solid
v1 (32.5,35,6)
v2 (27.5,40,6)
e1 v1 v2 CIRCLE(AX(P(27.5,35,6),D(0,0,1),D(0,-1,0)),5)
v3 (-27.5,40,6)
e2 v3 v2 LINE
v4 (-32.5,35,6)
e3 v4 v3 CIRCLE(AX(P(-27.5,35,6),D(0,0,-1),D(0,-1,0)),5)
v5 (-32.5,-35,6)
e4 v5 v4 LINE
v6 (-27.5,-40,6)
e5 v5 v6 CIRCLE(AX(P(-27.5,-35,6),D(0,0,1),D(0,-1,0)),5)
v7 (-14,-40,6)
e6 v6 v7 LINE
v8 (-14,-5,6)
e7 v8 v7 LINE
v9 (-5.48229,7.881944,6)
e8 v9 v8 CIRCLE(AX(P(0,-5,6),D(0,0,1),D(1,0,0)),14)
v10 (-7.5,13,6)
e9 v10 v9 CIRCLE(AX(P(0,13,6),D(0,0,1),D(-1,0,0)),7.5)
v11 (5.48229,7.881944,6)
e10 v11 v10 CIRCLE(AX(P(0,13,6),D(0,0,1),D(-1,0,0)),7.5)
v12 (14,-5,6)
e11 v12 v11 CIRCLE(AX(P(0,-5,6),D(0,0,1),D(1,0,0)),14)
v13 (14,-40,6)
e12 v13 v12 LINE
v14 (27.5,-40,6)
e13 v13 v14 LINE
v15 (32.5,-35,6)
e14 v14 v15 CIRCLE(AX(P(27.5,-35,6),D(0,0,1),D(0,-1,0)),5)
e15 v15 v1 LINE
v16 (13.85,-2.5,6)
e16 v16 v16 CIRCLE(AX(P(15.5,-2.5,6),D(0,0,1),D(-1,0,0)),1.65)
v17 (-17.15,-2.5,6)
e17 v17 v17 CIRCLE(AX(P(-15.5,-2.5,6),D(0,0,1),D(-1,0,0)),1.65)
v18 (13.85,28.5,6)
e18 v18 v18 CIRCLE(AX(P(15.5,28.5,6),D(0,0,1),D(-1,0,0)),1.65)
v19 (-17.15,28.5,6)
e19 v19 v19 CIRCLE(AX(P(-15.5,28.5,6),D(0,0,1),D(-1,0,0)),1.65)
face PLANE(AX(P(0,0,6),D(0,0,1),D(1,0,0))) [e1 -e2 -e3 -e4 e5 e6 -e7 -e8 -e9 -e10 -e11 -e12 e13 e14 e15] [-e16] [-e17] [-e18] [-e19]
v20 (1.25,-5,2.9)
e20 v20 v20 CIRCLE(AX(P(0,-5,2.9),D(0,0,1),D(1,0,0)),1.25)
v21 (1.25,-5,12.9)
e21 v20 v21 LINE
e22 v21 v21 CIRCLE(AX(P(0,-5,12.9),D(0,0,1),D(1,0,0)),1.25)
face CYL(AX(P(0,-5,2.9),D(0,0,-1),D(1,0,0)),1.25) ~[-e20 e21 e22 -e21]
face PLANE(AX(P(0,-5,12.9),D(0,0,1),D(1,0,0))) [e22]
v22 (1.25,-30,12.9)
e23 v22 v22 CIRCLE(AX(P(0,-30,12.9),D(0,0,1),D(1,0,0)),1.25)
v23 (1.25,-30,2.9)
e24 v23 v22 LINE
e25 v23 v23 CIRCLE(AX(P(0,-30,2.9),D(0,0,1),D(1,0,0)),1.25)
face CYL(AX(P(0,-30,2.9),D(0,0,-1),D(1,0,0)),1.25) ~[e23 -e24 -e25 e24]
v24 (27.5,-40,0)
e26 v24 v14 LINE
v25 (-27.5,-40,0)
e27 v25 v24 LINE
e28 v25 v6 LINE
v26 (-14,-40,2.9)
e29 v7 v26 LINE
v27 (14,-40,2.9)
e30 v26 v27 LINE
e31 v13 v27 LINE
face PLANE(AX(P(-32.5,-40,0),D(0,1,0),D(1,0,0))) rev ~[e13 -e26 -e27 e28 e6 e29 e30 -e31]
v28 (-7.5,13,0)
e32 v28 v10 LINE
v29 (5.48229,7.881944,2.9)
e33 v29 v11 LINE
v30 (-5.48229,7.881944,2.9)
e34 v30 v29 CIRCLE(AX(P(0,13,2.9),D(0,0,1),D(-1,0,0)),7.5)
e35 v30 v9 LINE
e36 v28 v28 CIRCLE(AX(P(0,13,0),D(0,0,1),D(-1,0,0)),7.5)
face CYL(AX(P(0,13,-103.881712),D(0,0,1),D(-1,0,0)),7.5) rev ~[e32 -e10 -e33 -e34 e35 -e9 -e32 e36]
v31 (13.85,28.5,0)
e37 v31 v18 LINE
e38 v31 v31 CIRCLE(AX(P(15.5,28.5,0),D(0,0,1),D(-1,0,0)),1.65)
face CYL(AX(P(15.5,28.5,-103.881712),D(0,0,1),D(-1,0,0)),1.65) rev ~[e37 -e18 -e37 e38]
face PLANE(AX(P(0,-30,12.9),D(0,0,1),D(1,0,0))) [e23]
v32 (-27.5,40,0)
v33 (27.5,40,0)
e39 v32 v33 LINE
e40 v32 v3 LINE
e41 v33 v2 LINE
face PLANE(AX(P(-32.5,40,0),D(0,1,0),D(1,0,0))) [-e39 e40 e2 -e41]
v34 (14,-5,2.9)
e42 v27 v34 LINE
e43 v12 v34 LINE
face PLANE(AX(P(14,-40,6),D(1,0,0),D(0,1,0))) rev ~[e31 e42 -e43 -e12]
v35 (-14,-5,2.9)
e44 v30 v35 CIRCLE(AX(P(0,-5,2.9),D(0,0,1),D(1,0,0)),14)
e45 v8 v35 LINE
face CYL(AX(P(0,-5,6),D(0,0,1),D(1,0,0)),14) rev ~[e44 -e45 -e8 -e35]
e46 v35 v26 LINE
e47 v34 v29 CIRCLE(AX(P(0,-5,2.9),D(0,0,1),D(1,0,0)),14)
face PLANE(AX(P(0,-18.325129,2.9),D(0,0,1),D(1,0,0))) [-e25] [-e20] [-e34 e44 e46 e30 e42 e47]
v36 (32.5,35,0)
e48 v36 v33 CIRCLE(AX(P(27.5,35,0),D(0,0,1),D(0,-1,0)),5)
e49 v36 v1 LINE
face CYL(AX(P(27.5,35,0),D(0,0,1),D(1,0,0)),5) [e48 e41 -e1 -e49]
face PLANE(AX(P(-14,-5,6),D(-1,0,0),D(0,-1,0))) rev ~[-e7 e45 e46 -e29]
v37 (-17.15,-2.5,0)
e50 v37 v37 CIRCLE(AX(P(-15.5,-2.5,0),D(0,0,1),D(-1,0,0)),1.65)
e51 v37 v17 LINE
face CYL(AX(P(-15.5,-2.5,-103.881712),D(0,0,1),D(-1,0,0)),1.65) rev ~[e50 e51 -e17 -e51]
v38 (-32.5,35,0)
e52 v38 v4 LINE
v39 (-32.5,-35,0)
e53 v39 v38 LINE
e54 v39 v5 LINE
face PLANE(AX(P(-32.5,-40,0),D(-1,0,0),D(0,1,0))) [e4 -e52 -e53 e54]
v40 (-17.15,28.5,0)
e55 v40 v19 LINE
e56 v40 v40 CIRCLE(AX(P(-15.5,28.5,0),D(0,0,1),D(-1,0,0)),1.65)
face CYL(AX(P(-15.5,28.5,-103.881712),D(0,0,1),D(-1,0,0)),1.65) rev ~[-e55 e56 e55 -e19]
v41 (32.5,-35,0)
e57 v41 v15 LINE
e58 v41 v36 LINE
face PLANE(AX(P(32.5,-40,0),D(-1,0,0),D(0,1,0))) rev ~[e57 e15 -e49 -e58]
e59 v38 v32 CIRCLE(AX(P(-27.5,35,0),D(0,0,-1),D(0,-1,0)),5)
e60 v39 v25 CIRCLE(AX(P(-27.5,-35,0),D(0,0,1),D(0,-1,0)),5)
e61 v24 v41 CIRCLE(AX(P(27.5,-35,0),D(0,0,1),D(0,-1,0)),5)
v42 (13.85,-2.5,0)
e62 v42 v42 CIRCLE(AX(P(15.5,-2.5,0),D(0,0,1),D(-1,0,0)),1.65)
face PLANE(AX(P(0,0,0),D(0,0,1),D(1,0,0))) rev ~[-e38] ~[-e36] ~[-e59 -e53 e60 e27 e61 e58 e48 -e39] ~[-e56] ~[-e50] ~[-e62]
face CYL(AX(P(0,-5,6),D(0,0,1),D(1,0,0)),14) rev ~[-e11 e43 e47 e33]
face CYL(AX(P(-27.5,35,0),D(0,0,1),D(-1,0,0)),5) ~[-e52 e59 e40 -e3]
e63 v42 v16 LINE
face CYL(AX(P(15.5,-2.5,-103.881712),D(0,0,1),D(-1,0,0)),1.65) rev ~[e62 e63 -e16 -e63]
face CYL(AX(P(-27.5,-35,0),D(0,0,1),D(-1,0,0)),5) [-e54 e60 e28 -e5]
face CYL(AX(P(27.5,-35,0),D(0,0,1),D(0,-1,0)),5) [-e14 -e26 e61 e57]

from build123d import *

# Parameters (mm, degrees)
F0_W     = 65
F0_H     = 80
F1_DEPTH = 6
F2_R     = 5
F4_DEPTH = 3.1
F5_R     = 1.25
F6_DEPTH = 10
F8_D     = 15
F9_D     = 3.3


with BuildPart() as f1:
    # F0 (on Top) → F1 (new body)
    with BuildSketch(Plane.XY):
        Rectangle(F0_W, F0_H)
    extrude(amount=F1_DEPTH)

    # F2
    f2_edges = [f1.edges().sort_by_distance(p)[0] for p in [
        (32.5, -40, 3),
        (32.5, 40, 3),
        (-32.5, 40, 3),
        (-32.5, -40, 3),
    ]]
    fillet(f2_edges, radius=F2_R)

    # F3 (on face) → F4 (cut)
    with BuildSketch(Plane.XY.offset(6)):
        with BuildLine():
            Line((14, -40), (14, -5))
            ThreePointArc((14, -5), (0, 9), (-14, -5))
            Line((-14, -5), (-14, -40))
            Line((-14, -40), (14, -40))
        make_face()
    extrude(amount=-F4_DEPTH, mode=Mode.SUBTRACT)

    # F5 (on face) → F6 (join)
    with BuildSketch(Plane.XY.offset(2.9)):
        with Locations((0, -5)):
            Circle(F5_R)
        with Locations((0, -30)):
            Circle(F5_R)
    extrude(amount=F6_DEPTH)

    # F8 (through all)
    with Locations(Plane(origin=(0, 0, 0), x_dir=(1, 0, 0), z_dir=(0, 0, -1))):
        with Locations((0, -13)):
            Hole(F8_D / 2)

    # F9 (through all)
    with Locations(Plane(origin=(0, 0, 0), x_dir=(1, 0, 0), z_dir=(0, 0, -1))):
        with Locations((15.5, -28.5), (15.5, 2.5), (-15.5, 2.5), (-15.5, -28.5)):
            Hole(F9_D / 2)


solid = f1.part
